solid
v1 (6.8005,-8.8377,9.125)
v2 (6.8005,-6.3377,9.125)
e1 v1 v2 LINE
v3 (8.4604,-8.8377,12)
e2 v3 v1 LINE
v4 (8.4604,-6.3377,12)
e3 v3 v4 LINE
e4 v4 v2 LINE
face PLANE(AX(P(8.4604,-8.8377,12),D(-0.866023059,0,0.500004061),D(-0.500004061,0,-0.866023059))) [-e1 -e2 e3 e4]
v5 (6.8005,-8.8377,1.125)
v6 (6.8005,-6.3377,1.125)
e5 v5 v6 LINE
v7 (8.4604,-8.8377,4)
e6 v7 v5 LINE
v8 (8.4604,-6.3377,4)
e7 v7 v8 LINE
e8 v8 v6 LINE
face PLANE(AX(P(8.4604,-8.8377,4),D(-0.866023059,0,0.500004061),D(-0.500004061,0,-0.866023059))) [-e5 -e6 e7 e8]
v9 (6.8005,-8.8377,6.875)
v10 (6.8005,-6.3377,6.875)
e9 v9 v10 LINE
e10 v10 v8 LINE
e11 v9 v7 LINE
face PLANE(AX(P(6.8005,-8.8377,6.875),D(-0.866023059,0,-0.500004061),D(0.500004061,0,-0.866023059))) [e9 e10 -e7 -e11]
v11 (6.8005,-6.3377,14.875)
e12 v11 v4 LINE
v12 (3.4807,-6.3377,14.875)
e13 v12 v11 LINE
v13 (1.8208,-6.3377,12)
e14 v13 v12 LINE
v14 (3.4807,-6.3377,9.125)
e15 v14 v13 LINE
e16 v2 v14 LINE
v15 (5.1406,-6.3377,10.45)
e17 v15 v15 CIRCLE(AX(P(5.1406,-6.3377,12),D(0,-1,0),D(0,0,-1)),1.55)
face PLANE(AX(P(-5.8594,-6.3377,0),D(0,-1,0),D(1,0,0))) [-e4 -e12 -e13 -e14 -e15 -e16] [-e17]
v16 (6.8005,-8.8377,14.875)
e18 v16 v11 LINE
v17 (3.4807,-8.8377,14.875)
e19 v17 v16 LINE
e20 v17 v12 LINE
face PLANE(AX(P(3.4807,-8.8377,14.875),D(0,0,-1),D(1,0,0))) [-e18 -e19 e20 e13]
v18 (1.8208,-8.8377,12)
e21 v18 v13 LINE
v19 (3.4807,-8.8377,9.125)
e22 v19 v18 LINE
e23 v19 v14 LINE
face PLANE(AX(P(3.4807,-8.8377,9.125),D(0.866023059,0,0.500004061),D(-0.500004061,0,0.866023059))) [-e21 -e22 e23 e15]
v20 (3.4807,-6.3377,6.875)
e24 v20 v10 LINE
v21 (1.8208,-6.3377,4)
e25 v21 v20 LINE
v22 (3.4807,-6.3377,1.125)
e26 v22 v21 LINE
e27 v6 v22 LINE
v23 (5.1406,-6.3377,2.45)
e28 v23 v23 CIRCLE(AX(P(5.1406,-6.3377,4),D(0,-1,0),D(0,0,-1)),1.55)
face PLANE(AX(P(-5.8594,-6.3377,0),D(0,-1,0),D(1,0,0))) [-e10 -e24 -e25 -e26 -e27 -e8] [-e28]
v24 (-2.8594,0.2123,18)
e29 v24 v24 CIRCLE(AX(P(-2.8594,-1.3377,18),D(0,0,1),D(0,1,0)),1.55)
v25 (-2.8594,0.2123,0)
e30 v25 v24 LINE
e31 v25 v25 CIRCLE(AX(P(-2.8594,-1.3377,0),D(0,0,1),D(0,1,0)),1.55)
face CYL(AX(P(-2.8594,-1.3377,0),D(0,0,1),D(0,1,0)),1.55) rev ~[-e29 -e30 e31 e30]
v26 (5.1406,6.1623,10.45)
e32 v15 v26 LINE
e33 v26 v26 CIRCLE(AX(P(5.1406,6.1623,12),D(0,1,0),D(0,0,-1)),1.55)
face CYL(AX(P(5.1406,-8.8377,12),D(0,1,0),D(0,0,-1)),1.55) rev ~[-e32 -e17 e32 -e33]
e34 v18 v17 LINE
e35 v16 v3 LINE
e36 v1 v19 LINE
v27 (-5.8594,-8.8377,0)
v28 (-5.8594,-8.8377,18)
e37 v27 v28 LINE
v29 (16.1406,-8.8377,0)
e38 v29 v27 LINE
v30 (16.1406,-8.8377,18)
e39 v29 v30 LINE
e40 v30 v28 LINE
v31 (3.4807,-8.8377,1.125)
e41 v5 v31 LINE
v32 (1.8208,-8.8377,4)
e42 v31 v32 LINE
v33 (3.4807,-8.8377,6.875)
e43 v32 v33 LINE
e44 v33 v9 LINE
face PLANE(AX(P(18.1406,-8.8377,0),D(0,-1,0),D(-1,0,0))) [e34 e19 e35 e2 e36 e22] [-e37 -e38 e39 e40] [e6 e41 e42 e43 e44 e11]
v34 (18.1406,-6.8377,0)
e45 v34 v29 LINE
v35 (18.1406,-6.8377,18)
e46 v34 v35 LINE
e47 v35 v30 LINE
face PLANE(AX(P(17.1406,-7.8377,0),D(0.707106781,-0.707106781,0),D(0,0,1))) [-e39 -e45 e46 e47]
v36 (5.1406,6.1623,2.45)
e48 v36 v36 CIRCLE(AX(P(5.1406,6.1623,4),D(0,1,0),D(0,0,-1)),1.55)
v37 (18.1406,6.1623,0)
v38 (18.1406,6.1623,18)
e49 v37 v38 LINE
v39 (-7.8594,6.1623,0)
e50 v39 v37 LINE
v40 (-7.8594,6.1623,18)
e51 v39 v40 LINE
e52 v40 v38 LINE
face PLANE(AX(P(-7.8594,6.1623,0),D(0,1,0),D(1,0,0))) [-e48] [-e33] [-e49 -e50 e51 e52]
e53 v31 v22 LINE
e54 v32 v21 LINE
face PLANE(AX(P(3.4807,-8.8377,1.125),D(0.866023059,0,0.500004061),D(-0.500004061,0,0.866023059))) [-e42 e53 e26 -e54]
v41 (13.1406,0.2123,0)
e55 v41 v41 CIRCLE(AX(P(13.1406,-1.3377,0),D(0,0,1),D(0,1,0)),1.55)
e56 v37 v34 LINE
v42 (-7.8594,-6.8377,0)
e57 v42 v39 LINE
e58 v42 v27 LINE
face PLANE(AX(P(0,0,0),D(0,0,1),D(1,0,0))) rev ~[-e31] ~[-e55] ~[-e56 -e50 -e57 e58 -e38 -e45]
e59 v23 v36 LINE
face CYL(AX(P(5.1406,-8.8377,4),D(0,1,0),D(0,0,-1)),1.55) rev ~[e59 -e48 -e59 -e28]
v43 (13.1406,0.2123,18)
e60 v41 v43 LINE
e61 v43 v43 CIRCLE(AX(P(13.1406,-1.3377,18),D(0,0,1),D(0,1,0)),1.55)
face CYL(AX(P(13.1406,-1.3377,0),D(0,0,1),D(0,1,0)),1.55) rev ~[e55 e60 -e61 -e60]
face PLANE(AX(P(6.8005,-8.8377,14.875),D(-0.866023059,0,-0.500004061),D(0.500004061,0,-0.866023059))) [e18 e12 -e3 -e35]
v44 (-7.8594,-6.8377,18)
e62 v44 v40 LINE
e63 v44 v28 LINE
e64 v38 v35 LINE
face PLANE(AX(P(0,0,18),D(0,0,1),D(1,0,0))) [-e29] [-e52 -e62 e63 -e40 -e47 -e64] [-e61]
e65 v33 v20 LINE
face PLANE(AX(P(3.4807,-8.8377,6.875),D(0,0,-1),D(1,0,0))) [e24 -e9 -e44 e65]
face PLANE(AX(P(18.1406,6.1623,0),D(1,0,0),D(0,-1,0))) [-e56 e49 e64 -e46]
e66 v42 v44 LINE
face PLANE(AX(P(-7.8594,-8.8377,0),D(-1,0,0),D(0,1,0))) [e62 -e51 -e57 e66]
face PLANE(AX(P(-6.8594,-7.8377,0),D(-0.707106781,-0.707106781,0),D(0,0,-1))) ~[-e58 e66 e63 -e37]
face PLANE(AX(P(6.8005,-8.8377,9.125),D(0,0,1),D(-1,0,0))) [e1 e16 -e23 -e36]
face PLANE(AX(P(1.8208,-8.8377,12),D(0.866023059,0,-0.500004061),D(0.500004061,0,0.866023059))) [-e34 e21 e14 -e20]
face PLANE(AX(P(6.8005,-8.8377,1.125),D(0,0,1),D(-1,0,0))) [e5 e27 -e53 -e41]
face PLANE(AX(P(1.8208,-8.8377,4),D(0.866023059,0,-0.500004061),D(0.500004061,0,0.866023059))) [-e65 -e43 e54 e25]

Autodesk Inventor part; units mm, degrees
ref_plane "YZ Plane" through (0, 0, 0) normal (1, 0, 0) x (0, 1, 0)
ref_plane "XZ Plane" through (0, 0, 0) normal (0, 1, 0) x (-1, 0, 0)
ref_plane "XY Plane" through (0, 0, 0) normal (0, 0, 1) x (1, 0, 0)
sketch "Szkic1" plane through (0, 0, 0) normal (0, 0, 1) x (1, 0, 0)
  line L0 (-7.8594, 6.1623) -> (18.1406, 6.1623)
  line L1 (18.1406, 6.1623) -> (18.1406, -8.8377)
  line L2 (18.1406, -8.8377) -> (-7.8594, -8.8377)
  line L3 (-7.8594, -8.8377) -> (-7.8594, 6.1623)
  point P0 (0, 0)
  point P1 (-2.8594, -1.3377)
  point P2 (13.1406, -1.3377)
  dimension "d0" = 26
  dimension "d1" = 15
  dimension "d4" = 7.5
  dimension "d5" = 7.5
  dimension "d6" = 5
  dimension "d7" = 5
extrude "Wyciągnięcie proste1" add sketch "Szkic1" along normal blind 18
hole "Otwór1" at (-2.8594, -1.3377, 0) at (13.1406, -1.3377, 0) direction (0, 0, 1) diameter 3.1 end through all
sketch "Szkic2" plane through (-7.8594, -8.8377, 0) normal (0, -1, 0) x (1, 0, 0)
  line L0 (26, 0) -> (0, 0) projected
  line L1 (26, 0) -> (26, 18) projected
  line L2 (0, 18) -> (26, 18) projected
  line L3 (0, 0) -> (0, 18) projected
  point P0 (7.8594, 0)
  point P1 (13, 12)
  point P2 (13, 4)
  dimension "d16" = 8
  dimension "d17" = 13
  dimension "d18" = 26
  dimension "d19" = 13
  dimension "d27" = 4
hole "Otwór2" at (5.1406, -8.8377, 12) at (5.1406, -8.8377, 4) direction (0, 1, 0) diameter 3.1 end through all
chamfer "Faza2" distance 2 angle 45 2 edges at (-7.8594, -8.8377, 9) (18.1406, -8.8377, 9)
sketch "Szkic4" plane through (-5.8594, -8.8377, 0) normal (0, -1, 0) x (1, 0, 0)
  line L0 (22, 18) -> (22, 0) projected
  line L1 (0, 18) -> (22, 18) projected
  line L2 (0, 0) -> (0, 18) projected
  line L3 (22, 0) -> (0, 0) projected
  circle A0 centre (11, 12) radius 1.55 projected
  circle A1 centre (11, 4) radius 1.55 projected
  line L4 (12.6599, 14.875) -> (14.3198, 12)
  line L5 (14.3198, 12) -> (12.6599, 9.125)
  line L6 (12.6599, 9.125) -> (9.3401, 9.125)
  line L7 (9.3401, 9.125) -> (7.6802, 12)
  line L8 (7.6802, 12) -> (9.3401, 14.875)
  line L9 (9.3401, 14.875) -> (12.6599, 14.875)
  line L10 (12.6599, 6.875) -> (14.3198, 4)
  line L11 (14.3198, 4) -> (12.6599, 1.125)
  line L12 (12.6599, 1.125) -> (9.3401, 1.125)
  line L13 (9.3401, 1.125) -> (7.6802, 4)
  line L14 (7.6802, 4) -> (9.3401, 6.875)
  line L15 (9.3401, 6.875) -> (12.6599, 6.875)
  point P0 (5.8594, 0)
  point P1 (11, 14.875)
  point P2 (11, 6.875)
extrude "Wyciągnięcie proste3" cut sketch "Szkic4" against normal blind 2.5 contours L4 L5 L6 L7 L8 L9 | L10 L11 L12 L13 L14 L15
equation "\"d4\" = 0.5 * d1"
equation "\"d5\" = d4"
equation "\"d17\" = 0.5 * d18"
equation "\"d19\" = d17"
properties part number "3DP_ABS_Z_Axis_IGUS_Cable_Chain_Mount"
